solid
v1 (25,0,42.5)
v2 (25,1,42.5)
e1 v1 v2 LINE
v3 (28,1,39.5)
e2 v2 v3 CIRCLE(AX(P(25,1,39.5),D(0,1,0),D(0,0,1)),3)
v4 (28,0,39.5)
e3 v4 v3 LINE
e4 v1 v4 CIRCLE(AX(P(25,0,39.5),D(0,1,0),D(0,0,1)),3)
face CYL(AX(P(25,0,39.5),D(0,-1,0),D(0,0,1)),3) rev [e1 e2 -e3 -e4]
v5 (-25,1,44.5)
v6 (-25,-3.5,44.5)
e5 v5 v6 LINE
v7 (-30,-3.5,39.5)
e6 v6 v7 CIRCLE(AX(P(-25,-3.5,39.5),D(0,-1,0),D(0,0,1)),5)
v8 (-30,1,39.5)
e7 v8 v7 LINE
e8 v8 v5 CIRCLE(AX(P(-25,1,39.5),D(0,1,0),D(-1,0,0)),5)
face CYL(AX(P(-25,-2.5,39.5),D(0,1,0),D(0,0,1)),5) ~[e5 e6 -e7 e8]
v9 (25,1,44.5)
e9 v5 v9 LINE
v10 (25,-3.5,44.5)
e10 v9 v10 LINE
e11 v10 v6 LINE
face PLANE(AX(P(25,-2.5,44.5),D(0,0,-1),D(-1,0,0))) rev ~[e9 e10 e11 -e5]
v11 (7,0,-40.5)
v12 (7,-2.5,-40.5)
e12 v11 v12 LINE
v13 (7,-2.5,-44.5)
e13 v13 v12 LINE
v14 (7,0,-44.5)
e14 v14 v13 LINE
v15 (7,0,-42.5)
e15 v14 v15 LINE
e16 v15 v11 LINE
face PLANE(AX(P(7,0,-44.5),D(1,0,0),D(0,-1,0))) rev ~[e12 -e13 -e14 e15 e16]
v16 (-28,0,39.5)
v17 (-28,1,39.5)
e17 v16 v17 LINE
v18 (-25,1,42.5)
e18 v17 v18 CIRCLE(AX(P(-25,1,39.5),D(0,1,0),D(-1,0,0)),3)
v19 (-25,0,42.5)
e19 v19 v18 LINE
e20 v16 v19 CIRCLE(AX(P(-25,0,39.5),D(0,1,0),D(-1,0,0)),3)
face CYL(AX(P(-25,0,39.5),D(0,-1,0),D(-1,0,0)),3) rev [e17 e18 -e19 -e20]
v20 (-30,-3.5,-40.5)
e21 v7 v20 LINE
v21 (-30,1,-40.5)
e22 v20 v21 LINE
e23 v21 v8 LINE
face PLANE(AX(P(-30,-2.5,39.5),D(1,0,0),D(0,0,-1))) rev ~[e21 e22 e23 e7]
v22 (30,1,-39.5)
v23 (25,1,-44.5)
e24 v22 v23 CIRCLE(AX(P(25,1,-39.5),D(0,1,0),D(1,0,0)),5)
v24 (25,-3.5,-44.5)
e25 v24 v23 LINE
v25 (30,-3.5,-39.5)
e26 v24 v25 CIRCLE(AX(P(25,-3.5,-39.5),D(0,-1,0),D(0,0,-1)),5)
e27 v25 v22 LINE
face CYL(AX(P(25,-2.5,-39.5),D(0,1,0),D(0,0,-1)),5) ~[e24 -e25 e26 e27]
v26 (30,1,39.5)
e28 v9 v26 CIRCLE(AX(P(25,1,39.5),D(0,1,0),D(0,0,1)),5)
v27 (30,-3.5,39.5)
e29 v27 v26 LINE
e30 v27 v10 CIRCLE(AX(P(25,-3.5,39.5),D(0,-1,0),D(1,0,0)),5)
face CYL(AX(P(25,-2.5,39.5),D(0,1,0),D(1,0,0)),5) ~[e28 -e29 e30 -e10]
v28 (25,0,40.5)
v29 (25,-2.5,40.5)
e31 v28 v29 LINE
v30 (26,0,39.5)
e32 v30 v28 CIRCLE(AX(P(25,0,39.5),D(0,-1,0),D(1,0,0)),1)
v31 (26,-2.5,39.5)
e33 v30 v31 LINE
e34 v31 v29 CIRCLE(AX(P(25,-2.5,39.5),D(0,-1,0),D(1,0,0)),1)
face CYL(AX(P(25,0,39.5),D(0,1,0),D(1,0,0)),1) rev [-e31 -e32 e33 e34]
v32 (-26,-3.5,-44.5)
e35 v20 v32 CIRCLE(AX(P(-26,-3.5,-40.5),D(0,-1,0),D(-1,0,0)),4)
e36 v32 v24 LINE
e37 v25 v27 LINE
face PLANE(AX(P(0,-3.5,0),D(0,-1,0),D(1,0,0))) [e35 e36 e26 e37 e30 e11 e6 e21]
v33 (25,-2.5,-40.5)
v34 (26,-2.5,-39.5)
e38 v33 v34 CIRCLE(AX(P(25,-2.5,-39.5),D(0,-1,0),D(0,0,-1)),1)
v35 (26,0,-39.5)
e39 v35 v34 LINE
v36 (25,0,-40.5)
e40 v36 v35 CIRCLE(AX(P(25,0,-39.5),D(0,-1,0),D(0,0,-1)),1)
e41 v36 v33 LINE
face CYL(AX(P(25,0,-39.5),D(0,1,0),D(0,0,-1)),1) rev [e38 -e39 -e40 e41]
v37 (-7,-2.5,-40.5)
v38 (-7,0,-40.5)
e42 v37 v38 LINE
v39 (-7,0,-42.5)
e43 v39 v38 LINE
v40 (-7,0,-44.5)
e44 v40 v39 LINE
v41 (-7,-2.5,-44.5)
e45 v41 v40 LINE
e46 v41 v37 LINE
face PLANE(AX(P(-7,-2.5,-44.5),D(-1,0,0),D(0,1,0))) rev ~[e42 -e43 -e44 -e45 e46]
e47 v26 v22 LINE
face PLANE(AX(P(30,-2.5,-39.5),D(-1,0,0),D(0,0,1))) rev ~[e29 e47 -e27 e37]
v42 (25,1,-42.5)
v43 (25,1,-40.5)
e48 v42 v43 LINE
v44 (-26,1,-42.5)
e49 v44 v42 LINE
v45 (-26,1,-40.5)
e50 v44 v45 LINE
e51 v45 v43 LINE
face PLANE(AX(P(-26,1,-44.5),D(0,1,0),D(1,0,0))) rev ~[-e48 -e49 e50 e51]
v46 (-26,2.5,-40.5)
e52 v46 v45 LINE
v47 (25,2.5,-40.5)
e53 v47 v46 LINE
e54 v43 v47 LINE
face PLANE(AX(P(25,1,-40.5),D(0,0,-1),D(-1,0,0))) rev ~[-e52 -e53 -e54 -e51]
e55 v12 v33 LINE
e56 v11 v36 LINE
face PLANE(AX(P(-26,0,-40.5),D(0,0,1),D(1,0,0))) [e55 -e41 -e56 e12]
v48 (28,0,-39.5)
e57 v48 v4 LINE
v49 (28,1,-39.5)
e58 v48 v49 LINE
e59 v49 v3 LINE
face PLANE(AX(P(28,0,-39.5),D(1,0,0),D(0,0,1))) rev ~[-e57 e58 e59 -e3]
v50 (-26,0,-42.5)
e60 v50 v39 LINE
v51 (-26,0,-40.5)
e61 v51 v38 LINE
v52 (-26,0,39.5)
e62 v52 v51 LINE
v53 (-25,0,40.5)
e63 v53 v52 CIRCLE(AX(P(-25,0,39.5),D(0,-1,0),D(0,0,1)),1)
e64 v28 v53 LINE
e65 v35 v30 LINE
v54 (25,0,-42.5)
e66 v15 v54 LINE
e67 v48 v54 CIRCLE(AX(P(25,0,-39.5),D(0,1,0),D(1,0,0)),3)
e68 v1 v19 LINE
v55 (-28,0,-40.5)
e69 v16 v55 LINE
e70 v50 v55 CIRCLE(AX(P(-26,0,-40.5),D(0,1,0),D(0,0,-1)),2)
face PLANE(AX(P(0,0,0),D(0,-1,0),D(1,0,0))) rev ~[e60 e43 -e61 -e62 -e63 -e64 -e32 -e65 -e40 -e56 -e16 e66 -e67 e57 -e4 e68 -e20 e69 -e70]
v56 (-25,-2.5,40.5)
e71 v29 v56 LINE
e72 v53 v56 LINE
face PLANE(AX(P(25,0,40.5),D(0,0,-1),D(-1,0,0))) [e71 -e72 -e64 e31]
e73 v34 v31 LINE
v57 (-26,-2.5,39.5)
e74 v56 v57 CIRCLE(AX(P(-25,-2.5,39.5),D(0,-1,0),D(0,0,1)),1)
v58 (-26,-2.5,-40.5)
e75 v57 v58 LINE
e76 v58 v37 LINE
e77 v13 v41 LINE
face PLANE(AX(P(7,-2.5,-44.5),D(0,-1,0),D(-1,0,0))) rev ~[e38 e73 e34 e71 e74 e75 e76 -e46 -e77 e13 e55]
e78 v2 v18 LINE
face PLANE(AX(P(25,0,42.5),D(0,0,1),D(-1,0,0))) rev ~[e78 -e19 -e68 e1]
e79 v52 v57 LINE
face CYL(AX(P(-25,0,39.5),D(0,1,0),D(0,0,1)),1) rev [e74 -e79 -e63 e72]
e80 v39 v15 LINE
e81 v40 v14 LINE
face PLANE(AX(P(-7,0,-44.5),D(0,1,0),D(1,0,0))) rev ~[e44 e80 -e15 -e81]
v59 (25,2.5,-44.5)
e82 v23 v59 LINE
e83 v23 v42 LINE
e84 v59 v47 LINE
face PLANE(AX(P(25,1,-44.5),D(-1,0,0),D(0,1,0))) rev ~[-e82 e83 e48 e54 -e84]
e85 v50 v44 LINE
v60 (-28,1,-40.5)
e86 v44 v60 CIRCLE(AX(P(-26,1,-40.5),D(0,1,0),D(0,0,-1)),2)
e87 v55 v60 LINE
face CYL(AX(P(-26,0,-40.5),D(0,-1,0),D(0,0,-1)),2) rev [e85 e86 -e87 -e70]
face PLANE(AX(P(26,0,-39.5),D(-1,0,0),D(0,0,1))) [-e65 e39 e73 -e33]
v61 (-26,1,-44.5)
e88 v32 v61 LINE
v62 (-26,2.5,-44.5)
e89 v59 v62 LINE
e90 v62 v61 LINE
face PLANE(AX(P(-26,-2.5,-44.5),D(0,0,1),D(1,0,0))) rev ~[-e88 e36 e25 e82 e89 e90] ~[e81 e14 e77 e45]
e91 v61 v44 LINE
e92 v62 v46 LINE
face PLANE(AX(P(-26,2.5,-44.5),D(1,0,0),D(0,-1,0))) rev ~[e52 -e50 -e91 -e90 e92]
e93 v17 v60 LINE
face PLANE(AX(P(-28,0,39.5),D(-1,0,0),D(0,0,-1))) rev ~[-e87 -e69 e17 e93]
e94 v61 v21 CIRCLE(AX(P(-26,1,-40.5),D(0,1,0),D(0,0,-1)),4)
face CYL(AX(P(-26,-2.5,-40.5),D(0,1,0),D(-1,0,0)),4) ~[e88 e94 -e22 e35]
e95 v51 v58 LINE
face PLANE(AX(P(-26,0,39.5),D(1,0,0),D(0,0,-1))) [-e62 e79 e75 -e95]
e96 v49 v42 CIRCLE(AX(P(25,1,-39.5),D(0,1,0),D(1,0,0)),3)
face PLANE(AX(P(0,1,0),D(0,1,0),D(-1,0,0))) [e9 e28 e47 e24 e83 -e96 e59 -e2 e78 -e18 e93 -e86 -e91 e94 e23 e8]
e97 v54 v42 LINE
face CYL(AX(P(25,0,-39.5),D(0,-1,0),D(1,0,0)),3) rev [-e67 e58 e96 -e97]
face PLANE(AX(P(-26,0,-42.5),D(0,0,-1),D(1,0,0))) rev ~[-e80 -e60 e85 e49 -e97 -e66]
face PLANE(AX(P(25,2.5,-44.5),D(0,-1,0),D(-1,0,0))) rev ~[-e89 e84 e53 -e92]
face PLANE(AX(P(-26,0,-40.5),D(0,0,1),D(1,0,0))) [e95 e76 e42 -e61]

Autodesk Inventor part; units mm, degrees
ref_plane "YZ Plane" through (0, 0, 0) normal (1, 0, 0) x (0, 1, 0)
ref_plane "XZ Plane" through (0, 0, 0) normal (0, 1, 0) x (-1, 0, 0)
ref_plane "XY Plane" through (0, 0, 0) normal (0, 0, 1) x (1, 0, 0)
sketch "Sketch1" plane through (0, 0, 0) normal (0, 1, 0) x (-1, 0, 0)
  line L0 (-25, 42.5) -> (25, 42.5)
  line L1 (28, 39.5) -> (28, -40.5)
  line L2 (26, -42.5) -> (-25, -42.5)
  line L3 (-28, -39.5) -> (-28, 39.5)
  line L4 (-28, 42.5) -> (28, -42.5) construction
  line L5 (28, 42.5) -> (-28, -42.5) construction
  arc A0 (26, -42.5) -> (28, -40.5) centre (26, -40.5) ccw
  arc A1 (-28, -39.5) -> (-25, -42.5) centre (-25, -39.5) ccw
  arc A2 (-25, 42.5) -> (-28, 39.5) centre (-25, 39.5) ccw
  arc A3 (28, 39.5) -> (25, 42.5) centre (25, 39.5) ccw
  line L6 (30, -40.5) -> (30, 39.5)
  arc A4 (30, 39.5) -> (25, 44.5) centre (25, 39.5) ccw
  line L7 (25, 44.5) -> (-25, 44.5)
  arc A5 (-25, 44.5) -> (-30, 39.5) centre (-25, 39.5) ccw
  line L8 (-30, 39.5) -> (-30, -39.5)
  arc A6 (-30, -39.5) -> (-25, -44.5) centre (-25, -39.5) ccw
  line L9 (-25, -44.5) -> (26, -44.5)
  arc A7 (26, -44.5) -> (30, -40.5) centre (26, -40.5) ccw
  point P0 (0, 0)
  dimension "d0" = 56
  dimension "d1" = 85
  dimension "d2" = 2
  dimension "d3" = 3
  dimension "d4" = 2
extrude "Extrusion1" add sketch "Sketch1" along normal blind 1
sketch "Sketch2" plane through (0, 0, 0) normal (0, -1, 0) x (1, 0, 0)
  arc A0 (-25, 44.5) -> (-30, 39.5) centre (-25, 39.5) ccw projected
  line L0 (-25, 44.5) -> (25, 44.5) projected
  arc A1 (30, 39.5) -> (25, 44.5) centre (25, 39.5) ccw projected
  line L1 (30, 39.5) -> (30, -39.5) projected
  arc A2 (25, -44.5) -> (30, -39.5) centre (25, -39.5) ccw projected
  line L2 (25, -44.5) -> (-26, -44.5) projected
  arc A3 (-30, -40.5) -> (-26, -44.5) centre (-26, -40.5) ccw projected
  line L3 (-30, -40.5) -> (-30, 39.5) projected
  line L4 (-26, -44.5) -> (25, -44.5)
  line L5 (30, -39.5) -> (30, 39.5)
  line L6 (25, 44.5) -> (-25, 44.5)
  line L7 (-30, 39.5) -> (-30, -40.5)
  line L8 (-30, -44.5) -> (30, 44.5) construction
  line L9 (30, -44.5) -> (-30, 44.5) construction
  arc A4 (-25, 44.5) -> (-30, 39.5) centre (-25, 39.5) ccw
  arc A5 (30, 39.5) -> (25, 44.5) centre (25, 39.5) ccw
  arc A6 (25, -42.5) -> (28, -39.5) centre (25, -39.5) ccw projected
  arc A7 (25, -44.5) -> (30, -39.5) centre (25, -39.5) ccw
  arc A8 (-30, -40.5) -> (-26, -44.5) centre (-26, -40.5) ccw
  line L10 (25, 40.5) -> (-25, 40.5)
  arc A9 (-25, 40.5) -> (-26, 39.5) centre (-25, 39.5) ccw
  line L11 (-26, 39.5) -> (-26, -40.5)
  line L12 (-26, -40.5) -> (25, -40.5)
  arc A10 (25, -40.5) -> (26, -39.5) centre (25, -39.5) ccw
  line L13 (26, -39.5) -> (26, 39.5)
  arc A11 (26, 39.5) -> (25, 40.5) centre (25, 39.5) ccw
  point P0 (0, 0)
  point P1 (-26, -40.5)
  dimension "d12" = 4
extrude "Extrusion2" add sketch "Sketch2" along normal blind 2.5
sketch "Sketch3" plane through (25, 1, -44.5) normal (0, 0, -1) x (-1, 0, 0)
  line L0 (51, -3.5) -> (51, 0) projected
  line L1 (51, 0) -> (0, 0)
  line L2 (0, 0) -> (0, 1.5)
  line L3 (0, 1.5) -> (51, 1.5)
  line L4 (51, 1.5) -> (51, 0)
  point P0 (25, -1)
  dimension "d9" = 1.5
extrude "Extrusion3" add sketch "Sketch3" against normal blind 4
sketch "Sketch4" plane through (0, -2.5, 0) normal (0, -1, 0) x (1, 0, 0)
  line L0 (25, 44.5) -> (-25, 44.5)
  line L1 (-30, 39.5) -> (-30, -40.5)
  line L2 (-26, -44.5) -> (25, -44.5)
  line L3 (30, -39.5) -> (30, 39.5)
  line L4 (30, 44.5) -> (-30, -44.5) construction
  line L5 (-30, 44.5) -> (30, -44.5) construction
  line L6 (-26, -44.5) -> (25, -44.5) projected
  line L7 (-30, 39.5) -> (-30, -40.5) projected
  arc A0 (25, -44.5) -> (30, -39.5) centre (25, -39.5) ccw projected
  arc A1 (-30, -40.5) -> (-26, -44.5) centre (-26, -40.5) ccw projected
  arc A2 (-25, 44.5) -> (-30, 39.5) centre (-25, 39.5) ccw projected
  arc A3 (30, 39.5) -> (25, 44.5) centre (25, 39.5) ccw projected
  arc A4 (25, -44.5) -> (30, -39.5) centre (25, -39.5) ccw
  line L8 (25, -40.5) -> (-26, -40.5) projected
  arc A5 (-30, -40.5) -> (-26, -44.5) centre (-26, -40.5) ccw
  arc A6 (-25, 44.5) -> (-30, 39.5) centre (-25, 39.5) ccw
  arc A7 (30, 39.5) -> (25, 44.5) centre (25, 39.5) ccw
  line L9 (25, 44.5) -> (-25, 44.5) projected
  point P0 (0, 0)
extrude "Extrusion4" add sketch "Sketch4" along normal blind 1
sketch "Sketch5" plane through (25, 2.5, -44.5) normal (0, 0, -1) x (-1, 0, 0)
  line L0 (51, -6) -> (0, -6) projected
  line L1 (18, -5) -> (32, -5)
  line L2 (32, -5) -> (32, -2.5)
  line L3 (32, -2.5) -> (18, -2.5)
  line L4 (18, -2.5) -> (18, -5)
  line L5 (18, -5) -> (32, -2.5) construction
  line L6 (32, -5) -> (18, -2.5) construction
  point P0 (25, -2.5)
  point P1 (25, -3.75)
  dimension "d16" = 14
  dimension "d17" = 1
  dimension "d18" = 2.5
extrude "Extrusion5" cut sketch "Sketch5" against normal up to surface (4 mm away)
properties part number "piholder-v1"
